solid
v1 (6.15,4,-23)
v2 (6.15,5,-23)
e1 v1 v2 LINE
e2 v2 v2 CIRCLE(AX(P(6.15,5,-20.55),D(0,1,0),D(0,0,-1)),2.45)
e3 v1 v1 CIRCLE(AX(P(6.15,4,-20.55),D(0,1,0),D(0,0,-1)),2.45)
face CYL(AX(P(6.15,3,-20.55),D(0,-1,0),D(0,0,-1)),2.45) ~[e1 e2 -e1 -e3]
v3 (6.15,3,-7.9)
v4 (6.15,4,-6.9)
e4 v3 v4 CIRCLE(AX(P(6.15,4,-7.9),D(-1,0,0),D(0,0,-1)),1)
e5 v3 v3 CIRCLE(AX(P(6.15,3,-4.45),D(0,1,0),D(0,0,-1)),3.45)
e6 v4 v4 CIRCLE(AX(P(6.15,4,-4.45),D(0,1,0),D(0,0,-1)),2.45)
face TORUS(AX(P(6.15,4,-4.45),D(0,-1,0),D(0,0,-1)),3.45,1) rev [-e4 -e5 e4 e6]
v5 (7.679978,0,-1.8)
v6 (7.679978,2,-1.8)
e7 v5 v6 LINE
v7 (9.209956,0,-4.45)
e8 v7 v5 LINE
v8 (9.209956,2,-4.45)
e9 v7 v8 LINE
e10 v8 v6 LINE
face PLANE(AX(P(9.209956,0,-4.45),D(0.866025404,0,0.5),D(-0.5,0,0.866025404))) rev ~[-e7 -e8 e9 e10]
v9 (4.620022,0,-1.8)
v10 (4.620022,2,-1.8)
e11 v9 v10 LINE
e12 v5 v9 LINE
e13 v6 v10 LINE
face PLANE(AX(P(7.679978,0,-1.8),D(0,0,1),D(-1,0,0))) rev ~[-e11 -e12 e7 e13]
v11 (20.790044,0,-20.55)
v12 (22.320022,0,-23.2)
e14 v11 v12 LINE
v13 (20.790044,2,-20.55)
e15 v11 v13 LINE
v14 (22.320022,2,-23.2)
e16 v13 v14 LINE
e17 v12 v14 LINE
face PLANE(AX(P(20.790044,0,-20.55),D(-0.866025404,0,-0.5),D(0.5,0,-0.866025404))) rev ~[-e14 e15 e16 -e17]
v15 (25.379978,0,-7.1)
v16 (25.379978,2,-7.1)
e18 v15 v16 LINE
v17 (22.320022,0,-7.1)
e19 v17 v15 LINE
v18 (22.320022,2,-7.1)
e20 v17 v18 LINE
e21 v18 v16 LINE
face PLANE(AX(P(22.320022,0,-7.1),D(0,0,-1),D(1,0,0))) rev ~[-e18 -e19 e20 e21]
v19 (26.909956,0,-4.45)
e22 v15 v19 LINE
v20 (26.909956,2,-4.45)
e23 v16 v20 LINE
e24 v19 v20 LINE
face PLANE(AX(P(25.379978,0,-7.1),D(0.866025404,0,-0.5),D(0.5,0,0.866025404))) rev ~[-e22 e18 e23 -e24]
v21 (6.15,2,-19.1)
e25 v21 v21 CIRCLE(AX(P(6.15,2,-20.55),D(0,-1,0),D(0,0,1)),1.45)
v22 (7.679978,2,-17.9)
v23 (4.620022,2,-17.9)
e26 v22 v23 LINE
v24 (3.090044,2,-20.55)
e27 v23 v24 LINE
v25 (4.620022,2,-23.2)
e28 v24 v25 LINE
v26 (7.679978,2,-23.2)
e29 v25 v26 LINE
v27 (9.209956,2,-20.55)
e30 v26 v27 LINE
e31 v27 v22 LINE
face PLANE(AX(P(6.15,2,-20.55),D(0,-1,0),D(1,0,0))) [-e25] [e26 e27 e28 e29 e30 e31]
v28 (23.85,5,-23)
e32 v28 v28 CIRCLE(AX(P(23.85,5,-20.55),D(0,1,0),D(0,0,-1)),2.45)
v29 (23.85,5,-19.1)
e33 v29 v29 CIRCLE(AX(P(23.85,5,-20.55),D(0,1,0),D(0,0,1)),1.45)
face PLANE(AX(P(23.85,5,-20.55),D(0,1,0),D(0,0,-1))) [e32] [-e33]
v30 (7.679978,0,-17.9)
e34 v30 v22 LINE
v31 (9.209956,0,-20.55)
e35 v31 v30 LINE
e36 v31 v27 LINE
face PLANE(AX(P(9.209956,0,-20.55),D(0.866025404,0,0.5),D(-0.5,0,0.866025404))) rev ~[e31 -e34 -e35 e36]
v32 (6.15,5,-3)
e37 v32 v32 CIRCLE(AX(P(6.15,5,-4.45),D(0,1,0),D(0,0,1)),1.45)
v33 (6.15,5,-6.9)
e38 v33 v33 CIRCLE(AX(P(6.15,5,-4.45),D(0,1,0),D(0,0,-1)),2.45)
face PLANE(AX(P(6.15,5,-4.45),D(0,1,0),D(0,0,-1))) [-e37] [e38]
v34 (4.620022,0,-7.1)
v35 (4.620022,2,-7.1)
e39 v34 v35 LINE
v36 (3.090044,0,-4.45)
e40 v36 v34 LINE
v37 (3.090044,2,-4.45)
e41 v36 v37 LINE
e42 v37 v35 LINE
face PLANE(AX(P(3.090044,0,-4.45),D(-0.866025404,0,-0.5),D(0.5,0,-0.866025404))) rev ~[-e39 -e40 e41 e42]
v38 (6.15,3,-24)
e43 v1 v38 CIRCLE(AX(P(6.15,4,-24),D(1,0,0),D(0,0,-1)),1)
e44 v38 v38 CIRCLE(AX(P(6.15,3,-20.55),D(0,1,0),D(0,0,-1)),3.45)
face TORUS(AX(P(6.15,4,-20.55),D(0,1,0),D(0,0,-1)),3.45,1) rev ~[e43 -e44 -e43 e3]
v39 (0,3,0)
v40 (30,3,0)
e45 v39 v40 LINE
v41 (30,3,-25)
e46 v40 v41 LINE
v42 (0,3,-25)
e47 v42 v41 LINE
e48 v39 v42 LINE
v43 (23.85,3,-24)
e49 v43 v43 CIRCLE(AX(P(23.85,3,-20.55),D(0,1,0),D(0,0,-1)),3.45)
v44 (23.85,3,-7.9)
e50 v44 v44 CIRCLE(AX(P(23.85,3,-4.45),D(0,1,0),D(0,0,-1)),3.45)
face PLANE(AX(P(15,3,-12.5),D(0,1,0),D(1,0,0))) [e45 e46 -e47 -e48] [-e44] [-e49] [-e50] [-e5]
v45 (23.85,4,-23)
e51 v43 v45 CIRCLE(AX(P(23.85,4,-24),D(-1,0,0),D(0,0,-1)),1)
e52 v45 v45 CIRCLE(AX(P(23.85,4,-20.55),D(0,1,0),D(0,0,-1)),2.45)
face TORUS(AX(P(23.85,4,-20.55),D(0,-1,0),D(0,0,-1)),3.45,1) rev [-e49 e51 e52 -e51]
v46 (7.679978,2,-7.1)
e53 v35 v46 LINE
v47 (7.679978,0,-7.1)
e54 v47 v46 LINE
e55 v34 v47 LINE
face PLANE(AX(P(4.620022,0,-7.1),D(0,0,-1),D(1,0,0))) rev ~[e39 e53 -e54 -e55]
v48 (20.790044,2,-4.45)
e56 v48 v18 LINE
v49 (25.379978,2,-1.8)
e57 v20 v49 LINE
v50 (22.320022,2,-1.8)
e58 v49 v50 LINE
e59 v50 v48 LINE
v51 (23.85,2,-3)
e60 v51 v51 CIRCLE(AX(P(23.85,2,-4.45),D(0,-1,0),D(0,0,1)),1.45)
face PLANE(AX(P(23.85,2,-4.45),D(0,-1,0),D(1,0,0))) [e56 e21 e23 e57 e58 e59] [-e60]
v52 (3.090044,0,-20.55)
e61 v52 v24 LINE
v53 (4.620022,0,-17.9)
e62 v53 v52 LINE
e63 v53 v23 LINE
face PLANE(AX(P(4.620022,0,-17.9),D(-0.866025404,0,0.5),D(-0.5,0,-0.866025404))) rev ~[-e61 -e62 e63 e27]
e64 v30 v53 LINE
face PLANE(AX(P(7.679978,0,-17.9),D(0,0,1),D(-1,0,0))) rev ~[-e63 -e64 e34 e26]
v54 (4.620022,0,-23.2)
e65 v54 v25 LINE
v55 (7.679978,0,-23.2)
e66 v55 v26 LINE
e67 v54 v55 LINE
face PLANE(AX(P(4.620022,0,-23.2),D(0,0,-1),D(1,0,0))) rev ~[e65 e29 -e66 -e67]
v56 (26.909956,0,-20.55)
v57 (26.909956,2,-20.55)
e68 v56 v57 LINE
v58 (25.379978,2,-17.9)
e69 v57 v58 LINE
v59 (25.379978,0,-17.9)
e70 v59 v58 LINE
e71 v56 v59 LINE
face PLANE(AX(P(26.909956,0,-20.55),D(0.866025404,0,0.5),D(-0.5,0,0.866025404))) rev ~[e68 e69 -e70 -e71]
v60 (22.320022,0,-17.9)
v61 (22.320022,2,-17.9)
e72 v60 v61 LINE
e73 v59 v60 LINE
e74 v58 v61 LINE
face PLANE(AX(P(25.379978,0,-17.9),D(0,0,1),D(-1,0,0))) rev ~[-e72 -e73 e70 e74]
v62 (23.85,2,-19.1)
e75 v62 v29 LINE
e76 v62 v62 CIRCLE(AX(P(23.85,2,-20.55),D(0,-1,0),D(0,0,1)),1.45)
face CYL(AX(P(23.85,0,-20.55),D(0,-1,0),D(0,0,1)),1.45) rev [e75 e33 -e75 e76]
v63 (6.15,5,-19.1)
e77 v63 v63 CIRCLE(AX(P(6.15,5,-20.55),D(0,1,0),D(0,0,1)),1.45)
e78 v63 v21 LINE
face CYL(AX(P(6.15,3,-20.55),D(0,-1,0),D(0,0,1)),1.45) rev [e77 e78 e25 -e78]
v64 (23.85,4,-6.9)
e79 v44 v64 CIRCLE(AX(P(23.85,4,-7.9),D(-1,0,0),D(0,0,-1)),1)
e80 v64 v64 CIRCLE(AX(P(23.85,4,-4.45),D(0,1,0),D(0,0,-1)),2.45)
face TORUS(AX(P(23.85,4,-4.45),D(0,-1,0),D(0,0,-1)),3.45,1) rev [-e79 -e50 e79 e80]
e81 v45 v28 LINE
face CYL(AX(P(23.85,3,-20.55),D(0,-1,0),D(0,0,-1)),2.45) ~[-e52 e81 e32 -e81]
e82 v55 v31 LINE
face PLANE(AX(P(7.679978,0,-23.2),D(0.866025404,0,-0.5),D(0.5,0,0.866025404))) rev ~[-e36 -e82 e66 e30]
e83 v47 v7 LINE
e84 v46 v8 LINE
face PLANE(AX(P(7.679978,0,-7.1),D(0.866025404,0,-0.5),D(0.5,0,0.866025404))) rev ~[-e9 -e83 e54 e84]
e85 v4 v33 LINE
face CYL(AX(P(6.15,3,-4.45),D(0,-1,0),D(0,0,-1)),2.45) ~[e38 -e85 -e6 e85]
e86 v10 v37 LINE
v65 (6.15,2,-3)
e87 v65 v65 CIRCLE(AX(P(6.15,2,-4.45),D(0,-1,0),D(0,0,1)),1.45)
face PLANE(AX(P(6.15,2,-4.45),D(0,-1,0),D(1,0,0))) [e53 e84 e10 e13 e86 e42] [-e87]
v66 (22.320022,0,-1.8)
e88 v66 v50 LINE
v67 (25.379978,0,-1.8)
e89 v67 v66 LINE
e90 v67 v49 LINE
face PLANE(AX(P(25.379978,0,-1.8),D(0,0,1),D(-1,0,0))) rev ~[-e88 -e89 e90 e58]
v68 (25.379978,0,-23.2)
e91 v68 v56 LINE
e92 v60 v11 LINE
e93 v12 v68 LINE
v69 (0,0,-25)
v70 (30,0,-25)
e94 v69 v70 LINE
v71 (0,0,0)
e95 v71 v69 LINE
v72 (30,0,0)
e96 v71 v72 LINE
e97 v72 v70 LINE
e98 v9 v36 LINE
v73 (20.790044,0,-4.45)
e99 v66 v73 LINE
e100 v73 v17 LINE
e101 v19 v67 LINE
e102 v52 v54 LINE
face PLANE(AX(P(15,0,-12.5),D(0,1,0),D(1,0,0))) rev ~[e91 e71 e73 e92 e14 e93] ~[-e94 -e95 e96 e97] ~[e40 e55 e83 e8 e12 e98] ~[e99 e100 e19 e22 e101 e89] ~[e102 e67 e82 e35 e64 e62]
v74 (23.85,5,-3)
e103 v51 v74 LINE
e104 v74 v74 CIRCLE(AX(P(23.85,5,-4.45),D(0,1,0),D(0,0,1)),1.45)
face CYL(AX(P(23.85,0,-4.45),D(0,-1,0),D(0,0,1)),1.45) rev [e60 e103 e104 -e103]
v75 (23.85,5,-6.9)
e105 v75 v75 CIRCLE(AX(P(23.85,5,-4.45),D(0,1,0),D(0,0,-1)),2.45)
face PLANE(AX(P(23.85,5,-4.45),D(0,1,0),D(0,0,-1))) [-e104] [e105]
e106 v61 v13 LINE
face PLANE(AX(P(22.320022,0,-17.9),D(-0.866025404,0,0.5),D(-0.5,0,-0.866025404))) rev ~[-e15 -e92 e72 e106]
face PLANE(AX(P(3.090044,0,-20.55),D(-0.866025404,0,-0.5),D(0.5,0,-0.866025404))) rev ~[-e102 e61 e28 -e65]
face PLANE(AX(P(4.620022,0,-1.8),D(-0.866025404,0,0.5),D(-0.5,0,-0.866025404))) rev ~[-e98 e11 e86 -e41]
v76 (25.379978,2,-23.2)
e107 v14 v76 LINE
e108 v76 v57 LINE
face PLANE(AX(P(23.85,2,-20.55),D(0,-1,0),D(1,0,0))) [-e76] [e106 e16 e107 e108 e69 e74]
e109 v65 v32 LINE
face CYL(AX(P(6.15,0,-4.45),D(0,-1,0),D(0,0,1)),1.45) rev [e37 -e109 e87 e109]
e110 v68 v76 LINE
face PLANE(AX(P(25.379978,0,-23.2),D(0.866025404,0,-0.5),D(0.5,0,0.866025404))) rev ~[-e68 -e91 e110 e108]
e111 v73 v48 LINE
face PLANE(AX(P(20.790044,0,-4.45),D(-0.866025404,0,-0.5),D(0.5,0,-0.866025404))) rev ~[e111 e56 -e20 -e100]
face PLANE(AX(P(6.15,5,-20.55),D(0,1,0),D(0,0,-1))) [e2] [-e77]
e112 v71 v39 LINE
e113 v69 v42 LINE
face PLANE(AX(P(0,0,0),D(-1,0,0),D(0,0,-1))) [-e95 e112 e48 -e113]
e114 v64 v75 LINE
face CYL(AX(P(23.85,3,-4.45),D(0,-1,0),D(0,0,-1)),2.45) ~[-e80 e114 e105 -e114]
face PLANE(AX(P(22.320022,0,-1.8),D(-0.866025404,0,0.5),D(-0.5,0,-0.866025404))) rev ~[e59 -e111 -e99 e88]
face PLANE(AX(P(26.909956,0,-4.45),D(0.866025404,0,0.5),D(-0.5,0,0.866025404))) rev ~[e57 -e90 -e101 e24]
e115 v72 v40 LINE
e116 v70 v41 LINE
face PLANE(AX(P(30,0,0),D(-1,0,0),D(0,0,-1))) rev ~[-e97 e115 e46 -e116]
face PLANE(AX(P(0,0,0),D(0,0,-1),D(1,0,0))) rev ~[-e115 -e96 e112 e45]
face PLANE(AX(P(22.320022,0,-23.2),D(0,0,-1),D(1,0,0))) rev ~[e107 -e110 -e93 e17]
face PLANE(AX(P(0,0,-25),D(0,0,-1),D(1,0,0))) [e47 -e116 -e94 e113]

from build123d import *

# Parameters (mm, degrees)
SKETCH1_W           = 30
SKETCH1_H           = 25
SKETCH1_R           = 1.45
BOSS_EXTRUDE1_DEPTH = 3
SKETCH2_R           = 2.45
SKETCH2_R_2         = 1.45
BOSS_EXTRUDE2_DEPTH = 2
CUT_EXTRUDE1_DEPTH  = 2
FILLET1_R           = 1


with BuildPart() as part:
    # Sketch1 → Boss-Extrude1 (new body)
    with BuildSketch(Plane(origin=(0, 0, 0), x_dir=(1, 0, 0), z_dir=(0, 1, 0))):
        with Locations((15, 12.5)):
            Rectangle(SKETCH1_W, SKETCH1_H)
        with Locations(Location((6.15, 20.55, 0), (0, 0, 270))):
            Circle(SKETCH1_R, mode=Mode.SUBTRACT)
        with Locations(Location((23.85, 20.55, 0), (0, 0, 270))):
            Circle(SKETCH1_R, mode=Mode.SUBTRACT)
        with Locations(Location((6.15, 4.45, 0), (0, 0, 270))):
            Circle(SKETCH1_R, mode=Mode.SUBTRACT)
        with Locations(Location((23.85, 4.45, 0), (0, 0, 270))):
            Circle(SKETCH1_R, mode=Mode.SUBTRACT)
    extrude(amount=BOSS_EXTRUDE1_DEPTH)

    # Sketch2 → Boss-Extrude2 (add)
    # profile 1 of 4: a face of its own
    with BuildSketch(Plane(origin=(0, 3, 0), x_dir=(1, 0, 0), z_dir=(0, 1, 0))):
        with Locations(Location((6.15, 20.55, 0), (0, 0, 90))):
            Circle(SKETCH2_R)
        with Locations(Location((6.15, 20.55, 0), (0, 0, 270))):
            Circle(SKETCH2_R_2, mode=Mode.SUBTRACT)
    # profile 2 of 4: a face of its own
    with BuildSketch(Plane(origin=(0, 3, 0), x_dir=(1, 0, 0), z_dir=(0, 1, 0))):
        with Locations(Location((23.85, 20.55, 0), (0, 0, 90))):
            Circle(SKETCH2_R)
        with Locations(Location((23.85, 20.55, 0), (0, 0, 270))):
            Circle(SKETCH2_R_2, mode=Mode.SUBTRACT)
    # profile 3 of 4: a face of its own
    with BuildSketch(Plane(origin=(0, 3, 0), x_dir=(1, 0, 0), z_dir=(0, 1, 0))):
        with Locations(Location((6.15, 4.45, 0), (0, 0, 90))):
            Circle(SKETCH2_R)
        with Locations(Location((6.15, 4.45, 0), (0, 0, 270))):
            Circle(SKETCH2_R_2, mode=Mode.SUBTRACT)
    # profile 4 of 4: a face of its own
    with BuildSketch(Plane(origin=(0, 3, 0), x_dir=(1, 0, 0), z_dir=(0, 1, 0))):
        with Locations(Location((23.85, 4.45, 0), (0, 0, 90))):
            Circle(SKETCH2_R)
        with Locations(Location((23.85, 4.45, 0), (0, 0, 270))):
            Circle(SKETCH2_R_2, mode=Mode.SUBTRACT)
    extrude(amount=BOSS_EXTRUDE2_DEPTH)

    # Sketch3 → Cut-Extrude1 (cut)
    with BuildSketch(Plane.XZ):
        Polygon((7.679978213, -7.1), (9.209956427, -4.45), (7.679978213, -1.8), (4.620021787, -1.8), (3.090043573, -4.45), (4.620021787, -7.1), align=None)
        Polygon((25.379978213, -7.1), (26.909956427, -4.45), (25.379978213, -1.8), (22.320021787, -1.8), (20.790043573, -4.45), (22.320021787, -7.1), align=None)
        Polygon((25.379978213, -23.2), (26.909956427, -20.55), (25.379978213, -17.9), (22.320021787, -17.9), (20.790043573, -20.55), (22.320021787, -23.2), align=None)
        Polygon((7.679978213, -23.2), (9.209956427, -20.55), (7.679978213, -17.9), (4.620021787, -17.9), (3.090043573, -20.55), (4.620021787, -23.2), align=None)
    extrude(amount=-CUT_EXTRUDE1_DEPTH, mode=Mode.SUBTRACT)

    # Fillet1
    fillet1_edges = [part.edges().sort_by_distance(p)[0] for p in [
        (6.15, 3, -18.1),
        (23.85, 3, -18.1),
        (6.15, 3, -2),
        (23.85, 3, -2),
    ]]
    fillet(fillet1_edges, radius=FILLET1_R)


solid = part.part
